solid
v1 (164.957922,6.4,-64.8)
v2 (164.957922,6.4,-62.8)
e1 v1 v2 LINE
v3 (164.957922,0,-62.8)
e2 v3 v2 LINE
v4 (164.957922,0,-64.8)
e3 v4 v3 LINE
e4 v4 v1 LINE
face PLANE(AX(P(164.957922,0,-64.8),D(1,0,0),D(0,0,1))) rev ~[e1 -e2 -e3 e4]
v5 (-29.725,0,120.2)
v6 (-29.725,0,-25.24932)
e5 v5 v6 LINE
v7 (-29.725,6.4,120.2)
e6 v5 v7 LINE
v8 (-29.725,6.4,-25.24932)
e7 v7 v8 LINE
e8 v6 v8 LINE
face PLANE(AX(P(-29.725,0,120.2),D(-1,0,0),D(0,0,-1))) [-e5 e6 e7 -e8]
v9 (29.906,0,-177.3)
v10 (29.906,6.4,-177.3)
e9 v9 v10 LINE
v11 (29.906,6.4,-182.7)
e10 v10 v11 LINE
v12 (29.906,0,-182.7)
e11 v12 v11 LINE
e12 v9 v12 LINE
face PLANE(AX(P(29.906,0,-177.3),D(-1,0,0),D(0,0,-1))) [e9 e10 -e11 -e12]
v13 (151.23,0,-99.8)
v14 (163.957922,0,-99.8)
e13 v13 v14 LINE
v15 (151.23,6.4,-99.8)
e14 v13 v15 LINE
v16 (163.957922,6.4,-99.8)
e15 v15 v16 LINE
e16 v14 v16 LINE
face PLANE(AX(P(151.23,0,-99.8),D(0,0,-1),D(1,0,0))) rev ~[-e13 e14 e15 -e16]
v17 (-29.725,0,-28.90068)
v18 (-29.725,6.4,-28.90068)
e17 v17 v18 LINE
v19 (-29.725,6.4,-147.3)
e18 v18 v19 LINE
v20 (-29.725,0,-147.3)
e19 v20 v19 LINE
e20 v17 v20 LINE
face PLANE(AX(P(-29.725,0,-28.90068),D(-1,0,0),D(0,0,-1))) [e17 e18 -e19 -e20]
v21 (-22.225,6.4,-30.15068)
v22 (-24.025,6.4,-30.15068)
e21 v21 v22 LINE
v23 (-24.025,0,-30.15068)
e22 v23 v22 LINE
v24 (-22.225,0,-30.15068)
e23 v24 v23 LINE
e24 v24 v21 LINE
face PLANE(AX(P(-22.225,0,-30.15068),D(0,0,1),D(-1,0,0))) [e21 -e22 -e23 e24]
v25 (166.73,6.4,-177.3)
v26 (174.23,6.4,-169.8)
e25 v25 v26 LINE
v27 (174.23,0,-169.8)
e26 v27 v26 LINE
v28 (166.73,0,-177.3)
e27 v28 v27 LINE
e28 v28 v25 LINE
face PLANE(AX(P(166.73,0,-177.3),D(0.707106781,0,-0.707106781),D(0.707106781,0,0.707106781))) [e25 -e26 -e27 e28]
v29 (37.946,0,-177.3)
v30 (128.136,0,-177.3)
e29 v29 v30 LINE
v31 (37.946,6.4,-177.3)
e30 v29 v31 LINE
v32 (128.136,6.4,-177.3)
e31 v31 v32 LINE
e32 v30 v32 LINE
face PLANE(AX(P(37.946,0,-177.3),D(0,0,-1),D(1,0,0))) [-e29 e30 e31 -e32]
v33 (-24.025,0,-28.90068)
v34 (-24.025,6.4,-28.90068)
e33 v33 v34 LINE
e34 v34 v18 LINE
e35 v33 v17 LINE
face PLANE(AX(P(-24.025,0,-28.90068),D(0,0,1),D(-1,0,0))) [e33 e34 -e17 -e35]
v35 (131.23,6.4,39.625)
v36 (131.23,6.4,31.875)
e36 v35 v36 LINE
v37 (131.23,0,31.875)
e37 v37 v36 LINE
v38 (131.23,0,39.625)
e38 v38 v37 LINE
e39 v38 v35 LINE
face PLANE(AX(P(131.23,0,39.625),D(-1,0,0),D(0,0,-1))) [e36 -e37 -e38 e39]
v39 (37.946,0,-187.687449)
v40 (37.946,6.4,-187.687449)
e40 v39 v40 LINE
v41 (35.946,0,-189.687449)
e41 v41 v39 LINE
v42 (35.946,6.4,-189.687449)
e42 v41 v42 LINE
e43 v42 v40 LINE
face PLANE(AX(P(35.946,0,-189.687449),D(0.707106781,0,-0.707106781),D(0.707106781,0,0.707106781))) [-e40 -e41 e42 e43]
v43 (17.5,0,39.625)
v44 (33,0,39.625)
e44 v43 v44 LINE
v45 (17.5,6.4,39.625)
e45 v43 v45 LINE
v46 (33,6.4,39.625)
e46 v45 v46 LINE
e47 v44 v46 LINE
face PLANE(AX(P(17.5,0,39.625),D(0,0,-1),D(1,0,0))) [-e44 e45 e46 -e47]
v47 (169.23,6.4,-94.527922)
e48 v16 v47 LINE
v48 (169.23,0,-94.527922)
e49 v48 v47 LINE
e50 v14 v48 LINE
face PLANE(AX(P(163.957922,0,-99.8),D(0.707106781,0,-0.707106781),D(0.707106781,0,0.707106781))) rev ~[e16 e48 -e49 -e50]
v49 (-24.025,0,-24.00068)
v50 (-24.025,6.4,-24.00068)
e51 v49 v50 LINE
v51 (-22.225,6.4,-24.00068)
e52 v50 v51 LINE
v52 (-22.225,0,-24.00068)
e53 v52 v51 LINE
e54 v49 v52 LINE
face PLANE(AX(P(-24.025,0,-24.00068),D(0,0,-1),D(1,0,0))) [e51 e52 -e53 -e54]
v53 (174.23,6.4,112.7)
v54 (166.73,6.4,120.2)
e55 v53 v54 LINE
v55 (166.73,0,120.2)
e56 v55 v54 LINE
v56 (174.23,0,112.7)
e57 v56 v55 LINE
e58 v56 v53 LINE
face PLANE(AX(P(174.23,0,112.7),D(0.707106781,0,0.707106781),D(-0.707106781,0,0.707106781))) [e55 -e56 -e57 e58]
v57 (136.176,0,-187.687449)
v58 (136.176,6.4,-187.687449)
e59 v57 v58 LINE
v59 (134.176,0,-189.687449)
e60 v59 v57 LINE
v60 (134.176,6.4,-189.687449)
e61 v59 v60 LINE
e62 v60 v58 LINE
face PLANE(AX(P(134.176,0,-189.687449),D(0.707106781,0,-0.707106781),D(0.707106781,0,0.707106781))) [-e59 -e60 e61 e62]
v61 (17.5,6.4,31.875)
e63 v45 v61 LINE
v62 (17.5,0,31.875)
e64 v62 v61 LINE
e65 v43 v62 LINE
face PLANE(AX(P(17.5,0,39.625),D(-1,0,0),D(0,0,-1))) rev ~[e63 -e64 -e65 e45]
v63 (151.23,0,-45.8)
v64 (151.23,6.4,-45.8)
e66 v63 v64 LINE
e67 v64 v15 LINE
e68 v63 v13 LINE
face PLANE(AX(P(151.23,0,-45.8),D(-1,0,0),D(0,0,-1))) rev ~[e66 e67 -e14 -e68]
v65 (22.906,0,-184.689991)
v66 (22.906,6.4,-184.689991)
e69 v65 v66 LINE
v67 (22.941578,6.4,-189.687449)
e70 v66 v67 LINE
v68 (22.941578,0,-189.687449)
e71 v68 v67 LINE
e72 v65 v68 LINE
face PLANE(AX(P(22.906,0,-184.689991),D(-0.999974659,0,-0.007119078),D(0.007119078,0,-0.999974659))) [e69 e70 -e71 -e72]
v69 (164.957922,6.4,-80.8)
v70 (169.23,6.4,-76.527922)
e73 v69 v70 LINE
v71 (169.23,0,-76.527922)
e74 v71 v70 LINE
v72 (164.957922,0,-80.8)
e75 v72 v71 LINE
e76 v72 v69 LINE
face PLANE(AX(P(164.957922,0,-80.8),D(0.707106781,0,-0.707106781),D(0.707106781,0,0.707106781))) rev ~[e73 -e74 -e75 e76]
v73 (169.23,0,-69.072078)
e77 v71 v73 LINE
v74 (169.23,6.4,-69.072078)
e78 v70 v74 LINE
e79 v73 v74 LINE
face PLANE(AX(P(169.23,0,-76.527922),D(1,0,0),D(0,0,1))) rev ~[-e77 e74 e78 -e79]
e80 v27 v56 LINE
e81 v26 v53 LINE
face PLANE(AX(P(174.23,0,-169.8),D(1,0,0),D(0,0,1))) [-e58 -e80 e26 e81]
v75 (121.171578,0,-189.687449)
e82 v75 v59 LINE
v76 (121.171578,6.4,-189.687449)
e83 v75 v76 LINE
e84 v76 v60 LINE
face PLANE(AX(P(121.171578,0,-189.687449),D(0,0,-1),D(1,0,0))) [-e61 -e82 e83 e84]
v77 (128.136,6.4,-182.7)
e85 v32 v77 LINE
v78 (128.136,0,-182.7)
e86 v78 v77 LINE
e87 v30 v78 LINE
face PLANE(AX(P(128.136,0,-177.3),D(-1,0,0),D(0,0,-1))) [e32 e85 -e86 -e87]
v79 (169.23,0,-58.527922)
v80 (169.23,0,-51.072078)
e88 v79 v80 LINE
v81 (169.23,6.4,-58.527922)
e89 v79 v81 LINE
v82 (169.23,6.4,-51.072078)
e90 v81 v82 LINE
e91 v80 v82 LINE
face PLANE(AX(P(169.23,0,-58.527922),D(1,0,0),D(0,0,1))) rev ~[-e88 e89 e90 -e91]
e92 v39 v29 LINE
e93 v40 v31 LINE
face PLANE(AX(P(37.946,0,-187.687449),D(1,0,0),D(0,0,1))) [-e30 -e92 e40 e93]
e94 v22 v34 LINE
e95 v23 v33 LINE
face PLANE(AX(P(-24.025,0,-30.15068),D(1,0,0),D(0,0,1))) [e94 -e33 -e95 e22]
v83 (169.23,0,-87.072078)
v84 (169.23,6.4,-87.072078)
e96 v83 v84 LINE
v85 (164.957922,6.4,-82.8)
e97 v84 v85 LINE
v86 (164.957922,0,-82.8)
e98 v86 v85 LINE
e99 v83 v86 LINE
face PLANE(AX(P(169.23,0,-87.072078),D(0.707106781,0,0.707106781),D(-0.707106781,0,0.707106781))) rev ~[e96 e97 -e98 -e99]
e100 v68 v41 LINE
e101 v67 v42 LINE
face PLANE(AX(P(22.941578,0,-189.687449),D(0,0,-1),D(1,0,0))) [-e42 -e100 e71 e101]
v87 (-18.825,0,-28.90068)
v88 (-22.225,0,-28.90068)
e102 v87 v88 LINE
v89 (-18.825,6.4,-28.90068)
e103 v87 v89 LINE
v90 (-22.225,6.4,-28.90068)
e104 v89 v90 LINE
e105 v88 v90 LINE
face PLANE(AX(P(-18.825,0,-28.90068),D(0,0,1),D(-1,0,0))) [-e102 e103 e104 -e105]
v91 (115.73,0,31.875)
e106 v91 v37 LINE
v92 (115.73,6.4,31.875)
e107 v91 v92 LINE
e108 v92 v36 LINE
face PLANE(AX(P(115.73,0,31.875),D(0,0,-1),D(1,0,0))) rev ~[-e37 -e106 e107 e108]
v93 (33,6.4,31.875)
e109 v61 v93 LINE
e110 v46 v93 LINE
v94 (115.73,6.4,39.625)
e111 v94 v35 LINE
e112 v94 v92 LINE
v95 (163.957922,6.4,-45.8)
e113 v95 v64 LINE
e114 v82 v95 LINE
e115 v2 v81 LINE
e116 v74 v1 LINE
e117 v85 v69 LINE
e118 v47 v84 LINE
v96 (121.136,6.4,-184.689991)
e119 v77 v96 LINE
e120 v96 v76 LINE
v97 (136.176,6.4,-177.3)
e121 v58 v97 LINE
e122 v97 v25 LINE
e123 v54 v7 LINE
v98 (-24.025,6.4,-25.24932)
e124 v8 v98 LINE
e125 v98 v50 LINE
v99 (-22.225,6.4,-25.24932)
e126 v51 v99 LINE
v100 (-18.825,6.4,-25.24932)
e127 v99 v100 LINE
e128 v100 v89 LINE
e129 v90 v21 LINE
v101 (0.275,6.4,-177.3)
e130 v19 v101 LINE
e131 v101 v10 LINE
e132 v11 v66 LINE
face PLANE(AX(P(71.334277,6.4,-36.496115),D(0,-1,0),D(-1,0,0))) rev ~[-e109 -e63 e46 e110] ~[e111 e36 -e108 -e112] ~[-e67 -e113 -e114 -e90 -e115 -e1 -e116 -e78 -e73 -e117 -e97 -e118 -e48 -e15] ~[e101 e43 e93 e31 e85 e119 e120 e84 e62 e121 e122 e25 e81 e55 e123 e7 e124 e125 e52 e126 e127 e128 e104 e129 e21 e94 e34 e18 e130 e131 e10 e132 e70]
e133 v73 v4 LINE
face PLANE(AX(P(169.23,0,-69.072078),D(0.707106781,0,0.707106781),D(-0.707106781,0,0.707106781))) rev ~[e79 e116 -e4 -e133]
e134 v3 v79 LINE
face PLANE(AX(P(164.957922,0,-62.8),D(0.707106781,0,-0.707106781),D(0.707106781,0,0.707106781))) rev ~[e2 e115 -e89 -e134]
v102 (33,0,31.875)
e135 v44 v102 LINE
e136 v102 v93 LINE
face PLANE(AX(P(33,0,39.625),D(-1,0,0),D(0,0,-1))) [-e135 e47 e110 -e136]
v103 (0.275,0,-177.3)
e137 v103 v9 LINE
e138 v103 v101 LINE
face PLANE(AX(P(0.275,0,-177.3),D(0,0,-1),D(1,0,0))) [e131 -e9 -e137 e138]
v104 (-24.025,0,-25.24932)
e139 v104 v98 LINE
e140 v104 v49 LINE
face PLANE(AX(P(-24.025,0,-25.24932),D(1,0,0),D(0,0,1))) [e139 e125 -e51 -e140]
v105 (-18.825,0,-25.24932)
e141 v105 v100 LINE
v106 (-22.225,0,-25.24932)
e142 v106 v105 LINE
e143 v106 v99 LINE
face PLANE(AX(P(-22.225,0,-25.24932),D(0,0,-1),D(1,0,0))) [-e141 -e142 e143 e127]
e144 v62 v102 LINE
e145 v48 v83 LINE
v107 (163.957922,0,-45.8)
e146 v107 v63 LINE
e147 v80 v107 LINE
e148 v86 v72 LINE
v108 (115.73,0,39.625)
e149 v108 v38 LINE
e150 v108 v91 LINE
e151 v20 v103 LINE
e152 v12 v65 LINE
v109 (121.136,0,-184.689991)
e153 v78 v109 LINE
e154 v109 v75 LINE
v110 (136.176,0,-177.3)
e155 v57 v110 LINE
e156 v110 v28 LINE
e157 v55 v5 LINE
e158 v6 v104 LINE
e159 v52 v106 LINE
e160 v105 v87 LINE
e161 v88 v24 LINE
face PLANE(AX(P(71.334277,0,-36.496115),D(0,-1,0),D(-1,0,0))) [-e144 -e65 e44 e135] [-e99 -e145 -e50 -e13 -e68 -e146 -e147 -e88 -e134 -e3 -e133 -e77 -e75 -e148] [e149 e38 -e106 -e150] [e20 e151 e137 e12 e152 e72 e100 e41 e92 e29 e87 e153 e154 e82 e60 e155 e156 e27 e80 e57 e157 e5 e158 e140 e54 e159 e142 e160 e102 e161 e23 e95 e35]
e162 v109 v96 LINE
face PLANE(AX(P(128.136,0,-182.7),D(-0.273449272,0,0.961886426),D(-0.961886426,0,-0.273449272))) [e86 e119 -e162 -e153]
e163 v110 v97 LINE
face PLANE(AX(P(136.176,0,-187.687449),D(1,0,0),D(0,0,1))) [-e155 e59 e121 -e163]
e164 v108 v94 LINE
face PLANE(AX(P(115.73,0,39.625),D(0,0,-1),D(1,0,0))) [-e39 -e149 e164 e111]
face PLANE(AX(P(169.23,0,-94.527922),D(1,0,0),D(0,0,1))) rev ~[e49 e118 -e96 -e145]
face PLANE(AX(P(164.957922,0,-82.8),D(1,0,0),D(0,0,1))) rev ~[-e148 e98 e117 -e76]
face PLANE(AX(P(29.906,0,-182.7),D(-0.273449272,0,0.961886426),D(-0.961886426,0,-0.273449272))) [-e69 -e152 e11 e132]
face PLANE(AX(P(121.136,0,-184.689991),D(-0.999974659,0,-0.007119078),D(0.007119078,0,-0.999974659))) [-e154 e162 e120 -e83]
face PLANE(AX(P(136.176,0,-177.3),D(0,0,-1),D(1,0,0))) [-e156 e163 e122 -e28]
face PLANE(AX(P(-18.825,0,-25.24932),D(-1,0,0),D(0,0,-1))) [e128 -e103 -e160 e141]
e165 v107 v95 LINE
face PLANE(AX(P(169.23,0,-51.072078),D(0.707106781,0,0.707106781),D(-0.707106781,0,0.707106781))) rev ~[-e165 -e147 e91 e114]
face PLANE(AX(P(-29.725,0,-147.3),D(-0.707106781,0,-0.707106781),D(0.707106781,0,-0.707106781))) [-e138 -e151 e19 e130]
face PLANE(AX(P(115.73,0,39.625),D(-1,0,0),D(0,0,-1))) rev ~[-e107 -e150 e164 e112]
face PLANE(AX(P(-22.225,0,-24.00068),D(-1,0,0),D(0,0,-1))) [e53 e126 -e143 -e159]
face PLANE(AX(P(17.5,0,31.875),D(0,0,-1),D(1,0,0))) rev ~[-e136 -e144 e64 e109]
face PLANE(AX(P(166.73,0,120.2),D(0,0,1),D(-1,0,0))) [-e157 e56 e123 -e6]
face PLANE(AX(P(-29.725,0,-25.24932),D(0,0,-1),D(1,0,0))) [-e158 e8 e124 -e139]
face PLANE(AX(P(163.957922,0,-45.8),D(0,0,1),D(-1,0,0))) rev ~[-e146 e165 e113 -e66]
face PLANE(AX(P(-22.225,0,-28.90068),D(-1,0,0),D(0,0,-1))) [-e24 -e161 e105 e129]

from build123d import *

# Parameters (mm, degrees)
SKETCH1_W           = 15.5
SKETCH1_H           = 7.75
BOSS_EXTRUDE1_DEPTH = 6.4


with BuildPart() as part:
    # Sketch1 → Boss-Extrude1 (new body)
    with BuildSketch(Plane(origin=(0, 0, 0), x_dir=(1, 0, 0), z_dir=(0, 1, 0))):
        Polygon((136.176, 177.3), (166.73, 177.3), (174.23, 169.8), (174.23, -112.7), (166.73, -120.2), (-29.725, -120.2), (-29.725, 25.249320413), (-24.025, 25.249320413), (-24.025, 24.000679587), (-22.225, 24.000679587), (-22.225, 25.249320413), (-18.825, 25.249320413), (-18.825, 28.900679587), (-22.225, 28.900679587), (-22.225, 30.150679587), (-24.025, 30.150679587), (-24.025, 28.900679587), (-29.725, 28.900679587), (-29.725, 147.3), (0.275, 177.3), (29.906, 177.3), (29.906, 182.7), (22.906, 184.689990555), (22.941578202, 189.687449255), (35.946, 189.687449255), (37.946, 187.687449255), (37.946, 177.3), (128.136, 177.3), (128.136, 182.7), (121.136, 184.689990555), (121.171578202, 189.687449255), (134.176, 189.687449255), (136.176, 187.687449255), align=None)
        with Locations((123.48, -35.75)):
            Rectangle(SKETCH1_W, SKETCH1_H, mode=Mode.SUBTRACT)
        with Locations((25.25, -35.75)):
            Rectangle(SKETCH1_W, SKETCH1_H, mode=Mode.SUBTRACT)
        Polygon((164.957922061, 82.8), (164.957922061, 80.8), (169.23, 76.527922061), (169.23, 69.072077939), (164.957922061, 64.8), (164.957922061, 62.8), (169.23, 58.527922061), (169.23, 51.072077939), (163.957922061, 45.8), (151.23, 45.8), (151.23, 99.8), (163.957922061, 99.8), (169.23, 94.527922061), (169.23, 87.072077939), align=None, mode=Mode.SUBTRACT)
    extrude(amount=BOSS_EXTRUDE1_DEPTH)


solid = part.part
